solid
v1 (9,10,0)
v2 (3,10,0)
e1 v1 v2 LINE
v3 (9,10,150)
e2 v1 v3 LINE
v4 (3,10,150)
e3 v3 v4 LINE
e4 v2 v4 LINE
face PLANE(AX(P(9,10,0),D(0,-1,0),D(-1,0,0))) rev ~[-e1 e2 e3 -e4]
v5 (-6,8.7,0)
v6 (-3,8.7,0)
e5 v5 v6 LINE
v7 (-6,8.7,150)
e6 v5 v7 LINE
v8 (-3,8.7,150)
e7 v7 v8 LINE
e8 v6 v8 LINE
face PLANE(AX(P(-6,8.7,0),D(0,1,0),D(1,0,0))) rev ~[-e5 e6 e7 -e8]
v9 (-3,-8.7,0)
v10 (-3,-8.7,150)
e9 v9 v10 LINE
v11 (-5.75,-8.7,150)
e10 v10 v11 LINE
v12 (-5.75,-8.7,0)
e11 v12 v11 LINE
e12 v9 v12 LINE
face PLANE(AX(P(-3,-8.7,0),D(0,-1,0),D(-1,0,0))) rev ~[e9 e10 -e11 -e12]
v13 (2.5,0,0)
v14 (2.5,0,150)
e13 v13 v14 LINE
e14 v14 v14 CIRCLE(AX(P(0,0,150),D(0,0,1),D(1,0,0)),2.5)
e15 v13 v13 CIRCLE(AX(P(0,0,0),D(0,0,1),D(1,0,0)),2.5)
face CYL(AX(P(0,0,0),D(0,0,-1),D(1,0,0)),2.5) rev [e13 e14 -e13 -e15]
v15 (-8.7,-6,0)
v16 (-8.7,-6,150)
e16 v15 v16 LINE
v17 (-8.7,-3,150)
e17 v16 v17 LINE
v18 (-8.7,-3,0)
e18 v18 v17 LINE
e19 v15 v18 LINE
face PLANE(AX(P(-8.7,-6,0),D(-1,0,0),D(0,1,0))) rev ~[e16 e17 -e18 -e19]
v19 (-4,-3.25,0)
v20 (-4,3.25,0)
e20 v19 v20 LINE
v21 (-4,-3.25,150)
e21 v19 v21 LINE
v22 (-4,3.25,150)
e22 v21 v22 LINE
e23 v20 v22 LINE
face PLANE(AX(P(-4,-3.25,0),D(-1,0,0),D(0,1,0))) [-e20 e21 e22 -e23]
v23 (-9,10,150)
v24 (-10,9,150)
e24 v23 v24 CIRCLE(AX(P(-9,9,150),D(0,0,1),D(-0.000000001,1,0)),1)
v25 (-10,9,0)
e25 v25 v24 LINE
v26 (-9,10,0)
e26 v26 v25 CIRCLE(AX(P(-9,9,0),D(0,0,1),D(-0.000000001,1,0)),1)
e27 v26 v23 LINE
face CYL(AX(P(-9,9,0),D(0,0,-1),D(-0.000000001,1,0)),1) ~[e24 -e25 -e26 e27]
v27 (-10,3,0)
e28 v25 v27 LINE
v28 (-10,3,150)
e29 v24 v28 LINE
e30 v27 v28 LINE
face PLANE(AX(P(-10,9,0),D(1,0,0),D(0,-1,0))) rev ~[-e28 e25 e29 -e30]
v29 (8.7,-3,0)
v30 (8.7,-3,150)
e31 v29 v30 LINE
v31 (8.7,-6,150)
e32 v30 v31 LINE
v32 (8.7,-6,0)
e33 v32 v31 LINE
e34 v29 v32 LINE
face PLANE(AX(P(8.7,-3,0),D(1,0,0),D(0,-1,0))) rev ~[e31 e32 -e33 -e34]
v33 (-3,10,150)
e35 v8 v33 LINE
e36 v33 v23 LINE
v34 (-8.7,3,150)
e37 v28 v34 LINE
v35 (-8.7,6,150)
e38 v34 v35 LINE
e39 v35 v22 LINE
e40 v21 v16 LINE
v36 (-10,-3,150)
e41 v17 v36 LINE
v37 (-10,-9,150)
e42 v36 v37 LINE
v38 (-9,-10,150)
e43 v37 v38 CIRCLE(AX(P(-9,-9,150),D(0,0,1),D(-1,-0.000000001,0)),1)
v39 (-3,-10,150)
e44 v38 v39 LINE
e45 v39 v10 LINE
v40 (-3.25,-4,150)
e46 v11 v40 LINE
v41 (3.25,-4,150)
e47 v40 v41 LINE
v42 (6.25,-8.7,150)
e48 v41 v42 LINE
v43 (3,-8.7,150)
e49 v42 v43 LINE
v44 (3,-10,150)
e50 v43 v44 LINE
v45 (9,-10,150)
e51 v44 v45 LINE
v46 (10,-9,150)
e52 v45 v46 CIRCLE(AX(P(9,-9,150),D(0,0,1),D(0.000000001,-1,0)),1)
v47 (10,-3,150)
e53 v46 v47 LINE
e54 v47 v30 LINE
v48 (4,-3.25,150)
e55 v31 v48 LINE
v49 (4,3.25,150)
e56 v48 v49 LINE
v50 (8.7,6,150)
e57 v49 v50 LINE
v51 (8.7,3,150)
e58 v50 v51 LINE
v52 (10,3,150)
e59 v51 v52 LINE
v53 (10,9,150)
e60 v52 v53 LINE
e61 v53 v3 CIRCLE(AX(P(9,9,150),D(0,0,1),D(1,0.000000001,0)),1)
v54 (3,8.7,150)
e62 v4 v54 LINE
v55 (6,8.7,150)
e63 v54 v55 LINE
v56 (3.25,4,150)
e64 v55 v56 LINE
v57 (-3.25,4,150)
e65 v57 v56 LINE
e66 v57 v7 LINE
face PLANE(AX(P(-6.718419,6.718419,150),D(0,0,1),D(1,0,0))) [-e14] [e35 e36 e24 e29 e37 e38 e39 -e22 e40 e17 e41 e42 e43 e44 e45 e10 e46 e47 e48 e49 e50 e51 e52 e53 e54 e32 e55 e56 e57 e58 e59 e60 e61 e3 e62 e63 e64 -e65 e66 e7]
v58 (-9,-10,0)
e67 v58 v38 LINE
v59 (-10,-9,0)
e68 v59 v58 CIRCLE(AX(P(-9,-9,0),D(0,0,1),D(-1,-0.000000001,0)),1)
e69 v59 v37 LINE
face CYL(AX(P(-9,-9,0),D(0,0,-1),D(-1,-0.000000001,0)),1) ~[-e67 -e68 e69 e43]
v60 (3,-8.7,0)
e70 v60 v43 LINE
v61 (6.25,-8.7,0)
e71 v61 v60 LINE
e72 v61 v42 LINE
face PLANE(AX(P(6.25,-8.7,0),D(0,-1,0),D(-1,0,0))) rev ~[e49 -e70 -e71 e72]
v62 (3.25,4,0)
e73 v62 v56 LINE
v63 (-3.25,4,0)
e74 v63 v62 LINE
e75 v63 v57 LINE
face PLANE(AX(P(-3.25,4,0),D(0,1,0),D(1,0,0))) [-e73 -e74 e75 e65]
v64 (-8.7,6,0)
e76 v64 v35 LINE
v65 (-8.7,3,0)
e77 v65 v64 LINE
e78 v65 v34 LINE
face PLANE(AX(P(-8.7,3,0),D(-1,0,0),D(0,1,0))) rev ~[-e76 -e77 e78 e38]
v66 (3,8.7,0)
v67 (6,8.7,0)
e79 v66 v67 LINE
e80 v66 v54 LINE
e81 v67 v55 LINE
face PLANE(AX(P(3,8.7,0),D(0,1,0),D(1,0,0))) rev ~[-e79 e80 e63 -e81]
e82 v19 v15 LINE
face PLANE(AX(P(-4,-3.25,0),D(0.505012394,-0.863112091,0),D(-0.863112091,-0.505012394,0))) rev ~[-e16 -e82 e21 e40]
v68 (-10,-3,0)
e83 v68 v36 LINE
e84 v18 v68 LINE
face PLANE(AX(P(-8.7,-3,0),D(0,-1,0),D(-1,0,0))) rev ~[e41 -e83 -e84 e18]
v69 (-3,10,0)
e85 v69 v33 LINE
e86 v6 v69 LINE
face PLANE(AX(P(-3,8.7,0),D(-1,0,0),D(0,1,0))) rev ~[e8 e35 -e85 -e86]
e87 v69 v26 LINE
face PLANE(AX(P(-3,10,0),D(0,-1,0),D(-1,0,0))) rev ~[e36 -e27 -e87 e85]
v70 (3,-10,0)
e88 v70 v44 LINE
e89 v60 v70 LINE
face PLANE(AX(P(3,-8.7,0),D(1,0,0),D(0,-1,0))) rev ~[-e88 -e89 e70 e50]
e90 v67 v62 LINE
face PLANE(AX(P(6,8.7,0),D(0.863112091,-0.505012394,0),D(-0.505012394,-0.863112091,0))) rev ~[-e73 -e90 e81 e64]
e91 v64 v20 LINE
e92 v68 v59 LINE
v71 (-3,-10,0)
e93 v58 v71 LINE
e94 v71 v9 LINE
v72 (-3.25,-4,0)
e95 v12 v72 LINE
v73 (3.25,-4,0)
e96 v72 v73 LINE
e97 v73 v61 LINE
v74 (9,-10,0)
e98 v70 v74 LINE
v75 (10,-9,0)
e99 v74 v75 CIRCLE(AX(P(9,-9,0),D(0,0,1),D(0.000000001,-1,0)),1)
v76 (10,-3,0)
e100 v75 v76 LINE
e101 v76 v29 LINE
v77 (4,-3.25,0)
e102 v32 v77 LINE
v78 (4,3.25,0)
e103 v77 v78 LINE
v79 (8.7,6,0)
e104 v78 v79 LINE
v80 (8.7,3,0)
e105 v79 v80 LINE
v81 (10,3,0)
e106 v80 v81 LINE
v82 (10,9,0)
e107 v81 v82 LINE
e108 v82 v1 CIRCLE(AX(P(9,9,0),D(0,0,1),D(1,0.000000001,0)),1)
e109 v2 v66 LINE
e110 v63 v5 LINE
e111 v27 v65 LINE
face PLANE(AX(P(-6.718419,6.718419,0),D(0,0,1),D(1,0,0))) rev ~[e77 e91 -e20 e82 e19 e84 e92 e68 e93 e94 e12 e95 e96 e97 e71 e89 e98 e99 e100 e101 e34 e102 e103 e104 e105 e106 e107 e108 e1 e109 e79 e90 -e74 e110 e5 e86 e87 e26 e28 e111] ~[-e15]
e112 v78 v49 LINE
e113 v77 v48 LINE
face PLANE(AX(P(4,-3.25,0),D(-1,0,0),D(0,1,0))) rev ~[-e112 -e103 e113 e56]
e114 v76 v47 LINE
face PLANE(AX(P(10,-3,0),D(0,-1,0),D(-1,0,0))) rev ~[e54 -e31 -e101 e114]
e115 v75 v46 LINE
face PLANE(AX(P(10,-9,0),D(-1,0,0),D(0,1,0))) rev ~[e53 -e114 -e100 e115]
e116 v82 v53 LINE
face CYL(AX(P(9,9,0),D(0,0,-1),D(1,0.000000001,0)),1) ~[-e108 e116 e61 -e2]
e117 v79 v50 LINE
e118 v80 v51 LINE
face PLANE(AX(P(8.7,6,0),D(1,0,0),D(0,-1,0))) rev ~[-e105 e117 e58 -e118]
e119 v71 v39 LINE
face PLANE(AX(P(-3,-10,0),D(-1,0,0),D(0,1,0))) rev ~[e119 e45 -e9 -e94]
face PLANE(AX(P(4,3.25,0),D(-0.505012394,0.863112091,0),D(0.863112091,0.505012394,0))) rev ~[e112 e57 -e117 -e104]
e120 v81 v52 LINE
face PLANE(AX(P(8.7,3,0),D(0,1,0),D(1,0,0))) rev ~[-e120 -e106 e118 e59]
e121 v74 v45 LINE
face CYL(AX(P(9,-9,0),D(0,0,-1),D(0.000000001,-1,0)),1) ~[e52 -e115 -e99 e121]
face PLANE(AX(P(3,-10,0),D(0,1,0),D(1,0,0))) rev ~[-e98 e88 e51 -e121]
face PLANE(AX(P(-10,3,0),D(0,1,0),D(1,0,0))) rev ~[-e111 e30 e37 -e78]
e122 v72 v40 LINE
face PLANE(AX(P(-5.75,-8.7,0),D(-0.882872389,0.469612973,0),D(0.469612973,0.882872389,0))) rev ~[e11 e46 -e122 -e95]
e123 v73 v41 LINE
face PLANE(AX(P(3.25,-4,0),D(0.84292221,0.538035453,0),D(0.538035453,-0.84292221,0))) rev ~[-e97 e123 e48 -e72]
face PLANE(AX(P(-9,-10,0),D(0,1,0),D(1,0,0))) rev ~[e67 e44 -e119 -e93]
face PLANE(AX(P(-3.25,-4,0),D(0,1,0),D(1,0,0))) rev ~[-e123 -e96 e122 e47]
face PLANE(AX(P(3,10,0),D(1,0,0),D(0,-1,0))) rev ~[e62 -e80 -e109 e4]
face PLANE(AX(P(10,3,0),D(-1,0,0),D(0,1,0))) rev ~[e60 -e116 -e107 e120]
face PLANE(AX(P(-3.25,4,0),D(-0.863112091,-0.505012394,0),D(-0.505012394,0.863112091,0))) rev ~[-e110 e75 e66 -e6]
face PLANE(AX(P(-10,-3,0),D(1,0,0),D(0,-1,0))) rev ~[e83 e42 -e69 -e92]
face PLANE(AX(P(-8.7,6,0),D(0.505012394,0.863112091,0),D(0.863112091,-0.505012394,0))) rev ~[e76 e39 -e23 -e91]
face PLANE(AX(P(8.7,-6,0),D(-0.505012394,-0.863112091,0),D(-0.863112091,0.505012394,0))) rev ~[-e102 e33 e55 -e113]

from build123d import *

# Parameters (mm, degrees)
CROQUIS1_W              = 8
CROQUIS1_H              = 8
CROQUIS1_R              = 2.5
SALIENTE_EXTRUIR4_DEPTH = 150


with BuildPart() as part:
    # Croquis1 → Saliente-Extruir4 (new body)
    with BuildSketch(Plane.XY):
        with BuildLine():
            Line((-3, 8.7), (-3, 10))
            Line((-3, 10), (-9, 10))
            ThreePointArc((-9, 10), (-9.707106781, 9.707106781), (-10, 9))
            Line((-10, 9), (-10, 3))
            Line((-10, 3), (-8.7, 3))
            Line((-8.7, 3), (-8.7, 6))
            Line((-8.7, 6), (-4, 3.25))
            Line((-4, 3.25), (-4, 4))
            Line((-4, 4), (-3.25, 4))
            Line((-3.25, 4), (-6, 8.7))
            Line((-6, 8.7), (-3, 8.7))
        make_face()
        with BuildLine():
            Line((9, 10), (3, 10))
            Line((3, 10), (3, 8.7))
            Line((3, 8.7), (6, 8.7))
            Line((6, 8.7), (3.25, 4))
            Line((3.25, 4), (4, 4))
            Line((4, 4), (4, 3.25))
            Line((4, 3.25), (8.7, 6))
            Line((8.7, 6), (8.7, 3))
            Line((8.7, 3), (10, 3))
            Line((10, 3), (10, 9))
            ThreePointArc((10, 9), (9.707106781, 9.707106781), (9, 10))
        make_face()
        with BuildLine():
            Line((10, -9), (10, -3))
            Line((10, -3), (8.7, -3))
            Line((8.7, -3), (8.7, -6))
            Line((8.7, -6), (4, -3.25))
            Line((4, -3.25), (4, -4))
            Line((4, -4), (3.25, -4))
            Line((3.25, -4), (6.25, -8.7))
            Line((6.25, -8.7), (3, -8.7))
            Line((3, -8.7), (3, -10))
            Line((3, -10), (9, -10))
            ThreePointArc((9, -10), (9.707106781, -9.707106781), (10, -9))
        make_face()
        with BuildLine():
            Line((-8.7, -3), (-10, -3))
            Line((-10, -3), (-10, -9))
            ThreePointArc((-10, -9), (-9.707106781, -9.707106781), (-9, -10))
            Line((-9, -10), (-3, -10))
            Line((-3, -10), (-3, -8.7))
            Line((-3, -8.7), (-5.75, -8.7))
            Line((-5.75, -8.7), (-3.25, -4))
            Line((-3.25, -4), (-4, -4))
            Line((-4, -4), (-4, -3.25))
            Line((-4, -3.25), (-8.7, -6))
            Line((-8.7, -6), (-8.7, -3))
        make_face()
        Rectangle(CROQUIS1_W, CROQUIS1_H)
        Circle(CROQUIS1_R, mode=Mode.SUBTRACT)
    extrude(amount=SALIENTE_EXTRUIR4_DEPTH)


solid = part.part
